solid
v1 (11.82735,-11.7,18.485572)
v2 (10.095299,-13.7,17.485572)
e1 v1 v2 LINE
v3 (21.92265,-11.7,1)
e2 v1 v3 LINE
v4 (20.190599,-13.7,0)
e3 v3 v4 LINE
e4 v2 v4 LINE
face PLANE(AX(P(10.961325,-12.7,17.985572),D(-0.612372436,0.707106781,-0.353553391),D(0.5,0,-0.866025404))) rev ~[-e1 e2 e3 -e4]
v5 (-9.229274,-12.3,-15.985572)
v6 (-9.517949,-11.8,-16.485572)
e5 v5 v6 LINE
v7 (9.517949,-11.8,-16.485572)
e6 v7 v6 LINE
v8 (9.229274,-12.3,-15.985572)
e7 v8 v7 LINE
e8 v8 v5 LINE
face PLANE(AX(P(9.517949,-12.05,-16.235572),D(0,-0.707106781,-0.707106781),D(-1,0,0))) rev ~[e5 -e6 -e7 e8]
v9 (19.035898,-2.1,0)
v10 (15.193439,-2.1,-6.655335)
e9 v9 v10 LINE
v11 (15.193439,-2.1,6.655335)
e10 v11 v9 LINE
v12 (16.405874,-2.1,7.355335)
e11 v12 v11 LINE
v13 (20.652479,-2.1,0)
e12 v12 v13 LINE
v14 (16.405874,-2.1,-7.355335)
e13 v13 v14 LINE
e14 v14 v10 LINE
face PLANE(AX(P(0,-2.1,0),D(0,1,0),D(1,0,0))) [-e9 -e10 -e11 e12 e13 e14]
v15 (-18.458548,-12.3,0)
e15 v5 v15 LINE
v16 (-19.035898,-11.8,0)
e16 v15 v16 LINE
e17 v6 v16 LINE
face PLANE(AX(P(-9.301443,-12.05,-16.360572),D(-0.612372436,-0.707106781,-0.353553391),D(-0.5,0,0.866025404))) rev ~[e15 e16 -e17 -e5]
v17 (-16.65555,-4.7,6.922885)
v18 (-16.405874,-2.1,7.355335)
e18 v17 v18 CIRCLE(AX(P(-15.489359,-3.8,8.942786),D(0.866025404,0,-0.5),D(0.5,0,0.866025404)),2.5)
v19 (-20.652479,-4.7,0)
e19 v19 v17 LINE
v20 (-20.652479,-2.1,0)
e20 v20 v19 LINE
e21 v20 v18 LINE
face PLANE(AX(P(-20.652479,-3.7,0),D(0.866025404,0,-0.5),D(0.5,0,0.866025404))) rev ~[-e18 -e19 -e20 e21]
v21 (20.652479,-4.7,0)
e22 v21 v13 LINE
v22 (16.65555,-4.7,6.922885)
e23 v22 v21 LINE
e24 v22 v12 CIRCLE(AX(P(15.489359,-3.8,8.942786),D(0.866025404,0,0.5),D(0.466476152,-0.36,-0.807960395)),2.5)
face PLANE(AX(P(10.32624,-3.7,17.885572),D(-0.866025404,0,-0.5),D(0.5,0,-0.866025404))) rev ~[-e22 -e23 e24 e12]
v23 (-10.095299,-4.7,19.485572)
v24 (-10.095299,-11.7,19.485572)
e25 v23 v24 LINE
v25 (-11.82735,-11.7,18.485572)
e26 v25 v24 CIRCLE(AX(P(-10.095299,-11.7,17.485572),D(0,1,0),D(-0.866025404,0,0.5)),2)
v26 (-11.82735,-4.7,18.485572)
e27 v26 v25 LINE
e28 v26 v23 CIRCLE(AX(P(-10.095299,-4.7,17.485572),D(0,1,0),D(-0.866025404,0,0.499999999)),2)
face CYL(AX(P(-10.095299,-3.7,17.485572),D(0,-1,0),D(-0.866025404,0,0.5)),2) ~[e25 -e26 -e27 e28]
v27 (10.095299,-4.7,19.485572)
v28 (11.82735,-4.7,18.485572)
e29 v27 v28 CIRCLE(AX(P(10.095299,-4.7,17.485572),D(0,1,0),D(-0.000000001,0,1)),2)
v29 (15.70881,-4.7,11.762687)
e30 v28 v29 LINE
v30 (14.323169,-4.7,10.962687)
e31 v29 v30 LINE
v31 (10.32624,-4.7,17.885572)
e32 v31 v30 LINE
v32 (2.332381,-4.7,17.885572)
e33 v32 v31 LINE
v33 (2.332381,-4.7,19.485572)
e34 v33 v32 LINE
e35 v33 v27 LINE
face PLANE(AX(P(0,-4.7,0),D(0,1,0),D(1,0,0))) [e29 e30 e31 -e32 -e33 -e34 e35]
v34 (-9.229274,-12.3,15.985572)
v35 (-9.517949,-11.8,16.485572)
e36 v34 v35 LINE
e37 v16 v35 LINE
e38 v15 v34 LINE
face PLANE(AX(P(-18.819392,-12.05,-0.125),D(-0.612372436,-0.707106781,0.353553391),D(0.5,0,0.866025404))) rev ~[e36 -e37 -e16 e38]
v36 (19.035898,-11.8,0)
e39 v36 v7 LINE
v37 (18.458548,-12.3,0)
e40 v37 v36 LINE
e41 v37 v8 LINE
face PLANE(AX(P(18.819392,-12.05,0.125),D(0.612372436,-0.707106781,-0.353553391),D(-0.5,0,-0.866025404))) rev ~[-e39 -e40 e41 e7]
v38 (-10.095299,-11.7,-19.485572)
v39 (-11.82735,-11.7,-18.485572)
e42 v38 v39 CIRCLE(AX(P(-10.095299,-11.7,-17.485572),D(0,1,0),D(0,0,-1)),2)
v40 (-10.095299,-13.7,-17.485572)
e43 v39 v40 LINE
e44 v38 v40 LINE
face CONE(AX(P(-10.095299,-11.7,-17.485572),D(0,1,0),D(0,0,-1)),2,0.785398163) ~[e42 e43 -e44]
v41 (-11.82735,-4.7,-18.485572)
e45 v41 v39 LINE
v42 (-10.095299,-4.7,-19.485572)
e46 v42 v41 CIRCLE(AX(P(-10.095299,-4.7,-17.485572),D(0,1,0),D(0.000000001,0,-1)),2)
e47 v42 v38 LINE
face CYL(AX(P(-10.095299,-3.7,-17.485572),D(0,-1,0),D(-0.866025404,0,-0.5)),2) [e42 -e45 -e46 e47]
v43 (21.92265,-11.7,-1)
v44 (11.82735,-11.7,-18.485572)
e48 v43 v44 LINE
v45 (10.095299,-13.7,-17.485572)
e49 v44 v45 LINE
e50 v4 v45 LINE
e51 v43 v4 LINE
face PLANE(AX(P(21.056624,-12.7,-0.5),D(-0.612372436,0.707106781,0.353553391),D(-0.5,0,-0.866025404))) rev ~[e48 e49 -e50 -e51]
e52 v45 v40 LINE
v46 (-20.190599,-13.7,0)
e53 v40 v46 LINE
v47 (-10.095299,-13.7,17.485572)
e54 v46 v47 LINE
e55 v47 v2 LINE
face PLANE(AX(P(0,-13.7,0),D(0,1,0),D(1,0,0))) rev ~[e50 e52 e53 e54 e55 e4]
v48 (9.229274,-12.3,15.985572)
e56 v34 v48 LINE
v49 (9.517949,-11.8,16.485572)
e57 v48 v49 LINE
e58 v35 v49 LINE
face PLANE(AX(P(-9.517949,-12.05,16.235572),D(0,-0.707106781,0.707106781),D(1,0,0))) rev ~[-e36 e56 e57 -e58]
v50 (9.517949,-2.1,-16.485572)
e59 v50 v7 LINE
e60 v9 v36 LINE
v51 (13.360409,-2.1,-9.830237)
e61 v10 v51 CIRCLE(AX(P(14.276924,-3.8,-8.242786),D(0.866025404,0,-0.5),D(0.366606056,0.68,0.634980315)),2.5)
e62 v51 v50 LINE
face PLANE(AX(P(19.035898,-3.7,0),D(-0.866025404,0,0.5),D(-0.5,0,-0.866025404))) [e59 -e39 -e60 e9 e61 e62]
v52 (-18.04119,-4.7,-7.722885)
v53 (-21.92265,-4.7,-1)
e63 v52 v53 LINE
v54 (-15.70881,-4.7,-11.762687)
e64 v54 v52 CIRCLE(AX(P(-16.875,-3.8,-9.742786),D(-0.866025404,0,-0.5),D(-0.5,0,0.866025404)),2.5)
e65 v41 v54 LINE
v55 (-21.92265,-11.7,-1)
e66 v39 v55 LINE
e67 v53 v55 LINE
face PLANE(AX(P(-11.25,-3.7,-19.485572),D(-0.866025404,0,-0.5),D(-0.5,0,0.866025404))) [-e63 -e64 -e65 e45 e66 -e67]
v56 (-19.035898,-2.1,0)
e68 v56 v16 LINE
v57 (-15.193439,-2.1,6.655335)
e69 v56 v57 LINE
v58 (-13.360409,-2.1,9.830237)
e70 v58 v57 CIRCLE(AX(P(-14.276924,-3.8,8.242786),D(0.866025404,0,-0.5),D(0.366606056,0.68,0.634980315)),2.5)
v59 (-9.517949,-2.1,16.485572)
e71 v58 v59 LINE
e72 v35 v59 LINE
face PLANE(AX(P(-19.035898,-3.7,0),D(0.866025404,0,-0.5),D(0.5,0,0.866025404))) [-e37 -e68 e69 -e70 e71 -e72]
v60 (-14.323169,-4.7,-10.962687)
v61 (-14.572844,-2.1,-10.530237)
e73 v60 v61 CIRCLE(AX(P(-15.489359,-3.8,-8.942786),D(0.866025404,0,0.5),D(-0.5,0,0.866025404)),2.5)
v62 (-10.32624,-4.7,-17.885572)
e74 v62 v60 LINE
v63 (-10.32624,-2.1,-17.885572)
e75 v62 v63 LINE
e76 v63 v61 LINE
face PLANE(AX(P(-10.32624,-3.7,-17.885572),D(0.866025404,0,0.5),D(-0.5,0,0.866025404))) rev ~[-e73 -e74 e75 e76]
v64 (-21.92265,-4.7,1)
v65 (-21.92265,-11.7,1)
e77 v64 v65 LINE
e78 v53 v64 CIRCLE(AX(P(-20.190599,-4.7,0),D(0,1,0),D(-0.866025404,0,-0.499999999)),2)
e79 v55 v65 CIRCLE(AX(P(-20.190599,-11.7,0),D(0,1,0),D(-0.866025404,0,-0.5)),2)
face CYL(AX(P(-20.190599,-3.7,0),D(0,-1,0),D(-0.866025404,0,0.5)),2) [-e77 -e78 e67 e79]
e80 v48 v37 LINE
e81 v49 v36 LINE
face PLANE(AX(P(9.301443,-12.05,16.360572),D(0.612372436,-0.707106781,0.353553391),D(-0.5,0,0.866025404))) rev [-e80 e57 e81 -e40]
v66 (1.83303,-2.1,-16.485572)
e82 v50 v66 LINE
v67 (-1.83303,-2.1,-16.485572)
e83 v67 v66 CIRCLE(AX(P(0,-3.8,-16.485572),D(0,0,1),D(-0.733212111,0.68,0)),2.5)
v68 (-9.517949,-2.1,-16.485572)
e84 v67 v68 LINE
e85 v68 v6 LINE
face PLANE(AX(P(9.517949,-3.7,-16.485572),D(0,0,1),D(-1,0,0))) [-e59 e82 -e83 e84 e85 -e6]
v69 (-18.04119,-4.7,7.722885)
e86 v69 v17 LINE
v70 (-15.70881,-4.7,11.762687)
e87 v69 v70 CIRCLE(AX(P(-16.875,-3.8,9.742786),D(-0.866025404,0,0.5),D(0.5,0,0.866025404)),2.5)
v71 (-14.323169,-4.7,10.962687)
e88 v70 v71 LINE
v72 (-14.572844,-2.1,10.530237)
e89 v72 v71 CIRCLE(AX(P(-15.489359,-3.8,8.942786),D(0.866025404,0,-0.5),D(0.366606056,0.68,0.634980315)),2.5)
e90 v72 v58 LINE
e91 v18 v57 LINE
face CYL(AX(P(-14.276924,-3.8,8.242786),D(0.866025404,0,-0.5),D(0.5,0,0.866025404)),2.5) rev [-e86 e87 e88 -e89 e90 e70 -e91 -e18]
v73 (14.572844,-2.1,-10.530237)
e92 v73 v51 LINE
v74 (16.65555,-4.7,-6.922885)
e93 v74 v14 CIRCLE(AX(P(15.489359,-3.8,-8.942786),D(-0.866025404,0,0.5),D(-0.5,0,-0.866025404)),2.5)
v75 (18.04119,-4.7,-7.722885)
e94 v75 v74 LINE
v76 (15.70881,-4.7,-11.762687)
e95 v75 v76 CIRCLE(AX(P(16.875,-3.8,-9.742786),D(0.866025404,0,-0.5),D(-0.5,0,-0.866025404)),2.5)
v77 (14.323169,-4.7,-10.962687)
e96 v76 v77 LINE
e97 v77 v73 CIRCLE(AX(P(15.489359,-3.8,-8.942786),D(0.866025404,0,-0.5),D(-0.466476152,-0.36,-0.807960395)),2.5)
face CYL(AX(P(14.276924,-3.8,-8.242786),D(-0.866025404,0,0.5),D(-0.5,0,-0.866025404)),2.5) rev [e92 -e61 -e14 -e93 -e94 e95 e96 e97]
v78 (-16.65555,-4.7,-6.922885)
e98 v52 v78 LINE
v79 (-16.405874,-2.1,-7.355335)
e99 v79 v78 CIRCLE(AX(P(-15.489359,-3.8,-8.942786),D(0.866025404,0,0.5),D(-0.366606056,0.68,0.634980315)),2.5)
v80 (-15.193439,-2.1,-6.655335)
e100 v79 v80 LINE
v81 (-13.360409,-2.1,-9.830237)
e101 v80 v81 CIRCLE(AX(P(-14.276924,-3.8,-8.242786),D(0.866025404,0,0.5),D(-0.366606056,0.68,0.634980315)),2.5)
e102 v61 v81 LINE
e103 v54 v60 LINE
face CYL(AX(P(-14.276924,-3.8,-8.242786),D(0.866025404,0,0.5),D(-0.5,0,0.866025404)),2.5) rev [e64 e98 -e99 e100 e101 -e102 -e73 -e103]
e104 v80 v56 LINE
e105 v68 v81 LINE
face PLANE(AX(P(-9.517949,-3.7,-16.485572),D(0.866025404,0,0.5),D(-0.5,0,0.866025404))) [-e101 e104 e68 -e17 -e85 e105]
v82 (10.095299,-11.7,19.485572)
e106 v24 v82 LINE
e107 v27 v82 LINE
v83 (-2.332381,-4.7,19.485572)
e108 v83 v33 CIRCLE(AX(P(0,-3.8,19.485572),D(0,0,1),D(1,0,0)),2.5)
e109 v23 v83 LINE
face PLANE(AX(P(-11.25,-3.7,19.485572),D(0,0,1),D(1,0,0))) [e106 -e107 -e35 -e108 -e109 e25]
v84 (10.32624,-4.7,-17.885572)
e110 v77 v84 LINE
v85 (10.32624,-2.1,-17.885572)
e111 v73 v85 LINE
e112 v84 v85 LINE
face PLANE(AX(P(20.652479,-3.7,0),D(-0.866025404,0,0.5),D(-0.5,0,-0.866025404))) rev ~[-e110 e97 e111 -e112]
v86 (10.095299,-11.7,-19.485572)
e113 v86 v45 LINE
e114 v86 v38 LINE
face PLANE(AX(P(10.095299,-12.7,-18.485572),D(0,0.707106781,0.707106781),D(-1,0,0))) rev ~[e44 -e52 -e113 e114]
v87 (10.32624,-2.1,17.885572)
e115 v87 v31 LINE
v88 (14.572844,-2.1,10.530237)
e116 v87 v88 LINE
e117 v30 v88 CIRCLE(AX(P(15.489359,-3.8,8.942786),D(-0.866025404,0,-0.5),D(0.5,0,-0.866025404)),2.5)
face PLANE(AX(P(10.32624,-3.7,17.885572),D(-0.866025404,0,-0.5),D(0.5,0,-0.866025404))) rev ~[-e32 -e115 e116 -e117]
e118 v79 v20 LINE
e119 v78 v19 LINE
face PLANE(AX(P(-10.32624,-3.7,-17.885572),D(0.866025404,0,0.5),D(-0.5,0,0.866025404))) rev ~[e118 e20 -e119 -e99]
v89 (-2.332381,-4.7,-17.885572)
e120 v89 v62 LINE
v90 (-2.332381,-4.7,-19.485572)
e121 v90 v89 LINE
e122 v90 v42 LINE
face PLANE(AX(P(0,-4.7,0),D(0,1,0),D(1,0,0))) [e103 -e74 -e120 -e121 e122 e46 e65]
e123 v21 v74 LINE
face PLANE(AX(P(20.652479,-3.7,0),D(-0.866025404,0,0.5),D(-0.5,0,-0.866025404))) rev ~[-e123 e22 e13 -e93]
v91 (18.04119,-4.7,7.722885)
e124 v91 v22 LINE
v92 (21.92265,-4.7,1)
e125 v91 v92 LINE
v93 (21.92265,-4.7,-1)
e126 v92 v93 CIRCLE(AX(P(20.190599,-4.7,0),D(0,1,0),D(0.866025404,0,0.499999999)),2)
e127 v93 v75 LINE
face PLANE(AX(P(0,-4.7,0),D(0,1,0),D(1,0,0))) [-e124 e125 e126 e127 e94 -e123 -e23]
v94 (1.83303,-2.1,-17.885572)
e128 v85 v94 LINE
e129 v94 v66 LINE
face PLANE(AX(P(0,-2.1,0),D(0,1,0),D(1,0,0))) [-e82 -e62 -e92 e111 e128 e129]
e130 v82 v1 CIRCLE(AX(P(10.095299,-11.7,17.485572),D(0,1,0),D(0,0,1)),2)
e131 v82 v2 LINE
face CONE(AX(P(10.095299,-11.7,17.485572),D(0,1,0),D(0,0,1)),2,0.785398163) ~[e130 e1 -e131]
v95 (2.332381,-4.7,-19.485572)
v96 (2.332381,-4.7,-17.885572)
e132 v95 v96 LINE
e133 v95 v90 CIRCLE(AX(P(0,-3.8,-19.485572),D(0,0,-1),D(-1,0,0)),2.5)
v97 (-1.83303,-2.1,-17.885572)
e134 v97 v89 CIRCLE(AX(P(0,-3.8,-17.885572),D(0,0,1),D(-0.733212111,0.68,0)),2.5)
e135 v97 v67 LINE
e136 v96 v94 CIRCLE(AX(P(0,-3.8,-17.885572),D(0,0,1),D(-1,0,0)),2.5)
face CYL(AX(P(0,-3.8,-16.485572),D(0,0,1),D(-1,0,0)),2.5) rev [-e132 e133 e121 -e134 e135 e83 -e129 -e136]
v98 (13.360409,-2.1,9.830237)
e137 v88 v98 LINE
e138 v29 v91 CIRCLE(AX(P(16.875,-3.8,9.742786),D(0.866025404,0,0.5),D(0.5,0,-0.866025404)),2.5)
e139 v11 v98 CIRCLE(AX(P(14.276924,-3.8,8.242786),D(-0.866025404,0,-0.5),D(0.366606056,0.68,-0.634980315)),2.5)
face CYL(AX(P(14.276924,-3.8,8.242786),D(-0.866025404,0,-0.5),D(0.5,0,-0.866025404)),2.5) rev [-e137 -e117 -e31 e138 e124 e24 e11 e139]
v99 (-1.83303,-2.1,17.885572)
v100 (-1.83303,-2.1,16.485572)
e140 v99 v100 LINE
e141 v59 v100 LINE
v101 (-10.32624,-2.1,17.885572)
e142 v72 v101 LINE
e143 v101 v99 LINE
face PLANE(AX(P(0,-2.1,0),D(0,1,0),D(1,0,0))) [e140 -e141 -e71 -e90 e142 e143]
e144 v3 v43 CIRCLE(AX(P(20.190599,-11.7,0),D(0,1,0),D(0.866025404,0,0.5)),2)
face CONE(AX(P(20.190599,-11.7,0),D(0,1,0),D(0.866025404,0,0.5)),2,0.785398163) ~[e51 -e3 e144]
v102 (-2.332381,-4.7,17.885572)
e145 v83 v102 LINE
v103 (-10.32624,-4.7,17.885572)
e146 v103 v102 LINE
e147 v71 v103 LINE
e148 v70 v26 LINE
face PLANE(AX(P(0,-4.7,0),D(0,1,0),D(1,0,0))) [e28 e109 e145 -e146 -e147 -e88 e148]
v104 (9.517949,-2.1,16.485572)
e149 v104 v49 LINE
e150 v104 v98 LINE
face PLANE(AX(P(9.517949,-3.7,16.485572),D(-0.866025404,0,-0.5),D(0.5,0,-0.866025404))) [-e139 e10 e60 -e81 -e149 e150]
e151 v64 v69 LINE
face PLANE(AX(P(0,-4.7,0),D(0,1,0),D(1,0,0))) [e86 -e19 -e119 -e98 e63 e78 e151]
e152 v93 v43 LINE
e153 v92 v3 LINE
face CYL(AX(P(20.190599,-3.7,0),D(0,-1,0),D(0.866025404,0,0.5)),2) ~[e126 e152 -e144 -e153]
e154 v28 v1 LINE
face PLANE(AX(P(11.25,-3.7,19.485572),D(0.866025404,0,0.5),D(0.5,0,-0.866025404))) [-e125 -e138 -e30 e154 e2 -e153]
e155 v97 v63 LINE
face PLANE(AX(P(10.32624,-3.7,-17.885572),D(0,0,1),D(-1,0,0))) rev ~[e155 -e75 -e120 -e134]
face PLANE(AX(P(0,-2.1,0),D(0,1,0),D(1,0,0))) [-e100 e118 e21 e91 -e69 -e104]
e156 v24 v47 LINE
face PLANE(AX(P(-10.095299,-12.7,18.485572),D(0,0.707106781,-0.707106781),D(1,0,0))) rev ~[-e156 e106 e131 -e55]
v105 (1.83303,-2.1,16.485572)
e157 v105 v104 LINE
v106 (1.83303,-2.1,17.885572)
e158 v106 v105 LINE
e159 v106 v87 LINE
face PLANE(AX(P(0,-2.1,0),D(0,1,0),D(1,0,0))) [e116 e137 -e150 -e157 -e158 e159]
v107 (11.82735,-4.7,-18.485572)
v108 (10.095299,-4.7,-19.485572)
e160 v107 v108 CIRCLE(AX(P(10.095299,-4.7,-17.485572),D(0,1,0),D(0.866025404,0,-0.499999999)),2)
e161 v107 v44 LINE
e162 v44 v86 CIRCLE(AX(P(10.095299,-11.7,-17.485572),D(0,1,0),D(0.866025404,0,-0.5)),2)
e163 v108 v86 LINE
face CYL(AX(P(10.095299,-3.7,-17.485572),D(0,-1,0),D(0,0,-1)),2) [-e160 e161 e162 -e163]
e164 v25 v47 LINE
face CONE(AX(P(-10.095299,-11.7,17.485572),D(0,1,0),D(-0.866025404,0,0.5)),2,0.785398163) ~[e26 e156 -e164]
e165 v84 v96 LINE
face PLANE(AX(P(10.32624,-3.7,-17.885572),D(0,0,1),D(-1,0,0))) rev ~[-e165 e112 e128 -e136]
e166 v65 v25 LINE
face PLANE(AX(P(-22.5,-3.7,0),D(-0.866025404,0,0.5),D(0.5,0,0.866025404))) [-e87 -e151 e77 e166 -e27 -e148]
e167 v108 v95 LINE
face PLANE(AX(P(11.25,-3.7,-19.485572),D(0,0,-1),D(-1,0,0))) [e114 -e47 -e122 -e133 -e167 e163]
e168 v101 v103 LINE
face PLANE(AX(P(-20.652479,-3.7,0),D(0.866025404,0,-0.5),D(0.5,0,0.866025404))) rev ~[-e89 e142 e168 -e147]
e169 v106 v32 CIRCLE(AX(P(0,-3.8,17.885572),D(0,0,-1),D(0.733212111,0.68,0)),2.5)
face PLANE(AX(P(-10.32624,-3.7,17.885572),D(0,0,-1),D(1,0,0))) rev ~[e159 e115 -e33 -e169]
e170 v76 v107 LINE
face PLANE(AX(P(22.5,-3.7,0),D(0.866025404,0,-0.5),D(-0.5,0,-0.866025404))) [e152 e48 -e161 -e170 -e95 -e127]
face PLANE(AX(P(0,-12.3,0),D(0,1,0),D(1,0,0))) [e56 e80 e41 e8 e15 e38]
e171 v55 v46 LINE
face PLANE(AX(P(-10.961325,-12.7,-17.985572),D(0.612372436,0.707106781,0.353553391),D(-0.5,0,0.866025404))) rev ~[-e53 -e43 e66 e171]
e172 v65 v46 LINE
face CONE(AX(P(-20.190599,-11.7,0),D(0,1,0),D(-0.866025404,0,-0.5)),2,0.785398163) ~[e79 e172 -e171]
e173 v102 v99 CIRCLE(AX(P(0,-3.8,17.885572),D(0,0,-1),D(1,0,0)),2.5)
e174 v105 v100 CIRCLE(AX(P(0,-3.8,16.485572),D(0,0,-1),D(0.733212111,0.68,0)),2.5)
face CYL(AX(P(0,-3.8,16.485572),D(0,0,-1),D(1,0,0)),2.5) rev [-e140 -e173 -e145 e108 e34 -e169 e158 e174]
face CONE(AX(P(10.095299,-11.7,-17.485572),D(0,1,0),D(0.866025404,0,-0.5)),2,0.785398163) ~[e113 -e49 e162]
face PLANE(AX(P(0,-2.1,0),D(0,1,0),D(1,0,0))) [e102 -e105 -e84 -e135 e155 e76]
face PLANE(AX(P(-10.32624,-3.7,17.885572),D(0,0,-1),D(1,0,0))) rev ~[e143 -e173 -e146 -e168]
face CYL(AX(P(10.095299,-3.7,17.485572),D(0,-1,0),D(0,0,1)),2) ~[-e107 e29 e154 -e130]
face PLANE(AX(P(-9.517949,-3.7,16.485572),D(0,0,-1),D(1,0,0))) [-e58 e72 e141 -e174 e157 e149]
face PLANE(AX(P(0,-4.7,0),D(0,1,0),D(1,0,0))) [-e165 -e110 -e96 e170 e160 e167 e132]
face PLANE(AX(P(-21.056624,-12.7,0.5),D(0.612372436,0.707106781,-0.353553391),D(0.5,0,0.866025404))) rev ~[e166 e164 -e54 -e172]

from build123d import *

# Parameters (mm, degrees)
BOSS_EXTRUDE1_START = -3.7
BOSS_EXTRUDE1_DEPTH = 10
CUT_EXTRUDE1_DEPTH  = 8.6
BOSS_EXTRUDE2_DEPTH = 1.6
FILLET1_R           = 2
CUT_EXTRUDE4_START  = -1
CUT_EXTRUDE4_DEPTH  = 1
CUT_EXTRUDE3_REACH  = 48.892
SKETCH4_R           = 2.5
CIRPATTERN1_COUNT   = 6
CHAMFER1_SIZE       = 0.5
CHAMFER2_SIZE       = 2


with BuildPart() as part:
    # Sketch1 → Boss-Extrude1 (new body)
    with BuildSketch(Plane(origin=(0, 0, 0), x_dir=(1, 0, 0), z_dir=(0, 1, 0)).offset(BOSS_EXTRUDE1_START)):
        Polygon((22.5, 0), (11.25, 19.485571585), (-11.25, 19.485571585), (-22.5, 0), (-11.25, -19.485571585), (11.25, -19.485571585), align=None)
    extrude(amount=-BOSS_EXTRUDE1_DEPTH)

    # Sketch2 → Cut-Extrude1 (cut)
    with BuildSketch(Plane(origin=(0, -3.7, 0), x_dir=(1, 0, 0), z_dir=(0, 1, 0))):
        Polygon((9.517949192, -16.485571585), (19.035898385, 0), (9.517949192, 16.485571585), (-9.517949192, 16.485571585), (-19.035898385, 0), (-9.517949192, -16.485571585), align=None)
    extrude(amount=-CUT_EXTRUDE1_DEPTH, mode=Mode.SUBTRACT)

    # Sketch3 → Boss-Extrude2 (add)
    with BuildSketch(Plane(origin=(0, -3.7, 0), x_dir=(1, 0, 0), z_dir=(0, 1, 0))):
        Polygon((10.326239569, -17.885571585), (20.652479139, 0), (10.326239569, 17.885571585), (-10.326239569, 17.885571585), (-20.652479139, 0), (-10.326239569, -17.885571585), align=None)
        Polygon((-9.517949192, -16.485571585), (9.517949192, -16.485571585), (19.035898385, 0), (9.517949192, 16.485571585), (-9.517949192, 16.485571585), (-19.035898385, 0), align=None, mode=Mode.SUBTRACT)
    extrude(amount=BOSS_EXTRUDE2_DEPTH)

    # Fillet1
    fillet1_edges = [part.edges().sort_by_distance(p)[0] for p in [
        (22.5, -8.7, 0),
        (11.25, -8.7, 19.485571585),
        (-11.25, -8.7, 19.485571585),
        (-22.5, -8.7, 0),
        (-11.25, -8.7, -19.485571585),
        (11.25, -8.7, -19.485571585),
    ]]
    fillet(fillet1_edges, radius=FILLET1_R)

    # Sketch6 → Cut-Extrude4 (cut)
    with BuildSketch(Plane(origin=(0, -3.7, 0), x_dir=(1, 0, 0), z_dir=(0, 1, 0)).offset(CUT_EXTRUDE4_START)):
        with BuildLine():
            Line((11.827350269, -18.485571585), (21.922649731, -1))
            ThreePointArc((21.922649731, -1), (22.190598923, 0), (21.922649731, 1))
            Line((21.922649731, 1), (11.827350269, 18.485571585))
            ThreePointArc((11.827350269, 18.485571585), (11.095299462, 19.217622393), (10.095299462, 19.485571585))
            Line((10.095299462, 19.485571585), (-10.095299462, 19.485571585))
            ThreePointArc((-10.095299462, 19.485571585), (-11.095299462, 19.217622393), (-11.827350269, 18.485571585))
            Line((-11.827350269, 18.485571585), (-21.922649731, 1))
            ThreePointArc((-21.922649731, 1), (-22.190598923, 0), (-21.922649731, -1))
            Line((-21.922649731, -1), (-11.827350269, -18.485571585))
            ThreePointArc((-11.827350269, -18.485571585), (-11.095299462, -19.217622393), (-10.095299462, -19.485571585))
            Line((-10.095299462, -19.485571585), (10.095299462, -19.485571585))
            ThreePointArc((10.095299462, -19.485571585), (11.095299462, -19.217622393), (11.827350269, -18.485571585))
        make_face()
        Polygon((10.326239569, -17.885571585), (20.652479139, 0), (10.326239569, 17.885571585), (-10.326239569, 17.885571585), (-20.652479139, 0), (-10.326239569, -17.885571585), align=None, mode=Mode.SUBTRACT)
    extrude(amount=CUT_EXTRUDE4_DEPTH, mode=Mode.SUBTRACT)

    # Sketch4 → Cut-Extrude3 (cut, up to next)
    with BuildSketch(Plane(origin=(0, 0, -19.485571585), x_dir=(-1, 0, 0), z_dir=(0, 0, -1)), mode=Mode.PRIVATE) as cut_extrude3_sk1:
        with Locations((0, -3.8)):
            Circle(SKETCH4_R)
    cut_extrude3_tool1 = extrude(cut_extrude3_sk1.sketch, amount=-CUT_EXTRUDE3_REACH, mode=Mode.PRIVATE) & part.part
    cut_extrude3 = cut_extrude3_tool1.solids().sort_by_distance((0, -3.8, -19.485572))[0]
    add(cut_extrude3, mode=Mode.SUBTRACT)

    # CirPattern1: Cut-Extrude3 ×6 about axis
    cirpattern1_axis = Axis((0, -12.18, 0), (0, 1, 0))
    for i in range(1, CIRPATTERN1_COUNT):
        add(cut_extrude3.rotate(cirpattern1_axis, i * 360 / CIRPATTERN1_COUNT), mode=Mode.SUBTRACT)

    # Chamfer1
    chamfer1_edges = [part.edges().sort_by_distance(p)[0] for p in [
        (-14.276923789, -12.3, 8.242785793),
        (-14.276923789, -12.3, -8.242785793),
        (0, -12.3, -16.485571585),
        (14.276923789, -12.3, -8.242785793),
        (14.276923789, -12.3, 8.242785793),
        (0, -12.3, 16.485571585),
    ]]
    chamfer(chamfer1_edges, length=CHAMFER1_SIZE)

    # Chamfer2
    chamfer2_edges = [part.edges().sort_by_distance(p)[0] for p in [
        (0, -13.7, 19.485571585),
        (11.095299462, -13.7, 19.217622393),
        (-11.095299462, -13.7, 19.217622393),
        (16.875, -13.7, 9.742785793),
        (-16.875, -13.7, 9.742785793),
        (22.190598923, -13.7, 0),
        (-22.190598923, -13.7, 0),
        (16.875, -13.7, -9.742785793),
        (-16.875, -13.7, -9.742785793),
        (11.095299462, -13.7, -19.217622393),
        (-11.095299462, -13.7, -19.217622393),
        (0, -13.7, -19.485571585),
    ]]
    chamfer(chamfer2_edges, length=CHAMFER2_SIZE)


solid = part.part
